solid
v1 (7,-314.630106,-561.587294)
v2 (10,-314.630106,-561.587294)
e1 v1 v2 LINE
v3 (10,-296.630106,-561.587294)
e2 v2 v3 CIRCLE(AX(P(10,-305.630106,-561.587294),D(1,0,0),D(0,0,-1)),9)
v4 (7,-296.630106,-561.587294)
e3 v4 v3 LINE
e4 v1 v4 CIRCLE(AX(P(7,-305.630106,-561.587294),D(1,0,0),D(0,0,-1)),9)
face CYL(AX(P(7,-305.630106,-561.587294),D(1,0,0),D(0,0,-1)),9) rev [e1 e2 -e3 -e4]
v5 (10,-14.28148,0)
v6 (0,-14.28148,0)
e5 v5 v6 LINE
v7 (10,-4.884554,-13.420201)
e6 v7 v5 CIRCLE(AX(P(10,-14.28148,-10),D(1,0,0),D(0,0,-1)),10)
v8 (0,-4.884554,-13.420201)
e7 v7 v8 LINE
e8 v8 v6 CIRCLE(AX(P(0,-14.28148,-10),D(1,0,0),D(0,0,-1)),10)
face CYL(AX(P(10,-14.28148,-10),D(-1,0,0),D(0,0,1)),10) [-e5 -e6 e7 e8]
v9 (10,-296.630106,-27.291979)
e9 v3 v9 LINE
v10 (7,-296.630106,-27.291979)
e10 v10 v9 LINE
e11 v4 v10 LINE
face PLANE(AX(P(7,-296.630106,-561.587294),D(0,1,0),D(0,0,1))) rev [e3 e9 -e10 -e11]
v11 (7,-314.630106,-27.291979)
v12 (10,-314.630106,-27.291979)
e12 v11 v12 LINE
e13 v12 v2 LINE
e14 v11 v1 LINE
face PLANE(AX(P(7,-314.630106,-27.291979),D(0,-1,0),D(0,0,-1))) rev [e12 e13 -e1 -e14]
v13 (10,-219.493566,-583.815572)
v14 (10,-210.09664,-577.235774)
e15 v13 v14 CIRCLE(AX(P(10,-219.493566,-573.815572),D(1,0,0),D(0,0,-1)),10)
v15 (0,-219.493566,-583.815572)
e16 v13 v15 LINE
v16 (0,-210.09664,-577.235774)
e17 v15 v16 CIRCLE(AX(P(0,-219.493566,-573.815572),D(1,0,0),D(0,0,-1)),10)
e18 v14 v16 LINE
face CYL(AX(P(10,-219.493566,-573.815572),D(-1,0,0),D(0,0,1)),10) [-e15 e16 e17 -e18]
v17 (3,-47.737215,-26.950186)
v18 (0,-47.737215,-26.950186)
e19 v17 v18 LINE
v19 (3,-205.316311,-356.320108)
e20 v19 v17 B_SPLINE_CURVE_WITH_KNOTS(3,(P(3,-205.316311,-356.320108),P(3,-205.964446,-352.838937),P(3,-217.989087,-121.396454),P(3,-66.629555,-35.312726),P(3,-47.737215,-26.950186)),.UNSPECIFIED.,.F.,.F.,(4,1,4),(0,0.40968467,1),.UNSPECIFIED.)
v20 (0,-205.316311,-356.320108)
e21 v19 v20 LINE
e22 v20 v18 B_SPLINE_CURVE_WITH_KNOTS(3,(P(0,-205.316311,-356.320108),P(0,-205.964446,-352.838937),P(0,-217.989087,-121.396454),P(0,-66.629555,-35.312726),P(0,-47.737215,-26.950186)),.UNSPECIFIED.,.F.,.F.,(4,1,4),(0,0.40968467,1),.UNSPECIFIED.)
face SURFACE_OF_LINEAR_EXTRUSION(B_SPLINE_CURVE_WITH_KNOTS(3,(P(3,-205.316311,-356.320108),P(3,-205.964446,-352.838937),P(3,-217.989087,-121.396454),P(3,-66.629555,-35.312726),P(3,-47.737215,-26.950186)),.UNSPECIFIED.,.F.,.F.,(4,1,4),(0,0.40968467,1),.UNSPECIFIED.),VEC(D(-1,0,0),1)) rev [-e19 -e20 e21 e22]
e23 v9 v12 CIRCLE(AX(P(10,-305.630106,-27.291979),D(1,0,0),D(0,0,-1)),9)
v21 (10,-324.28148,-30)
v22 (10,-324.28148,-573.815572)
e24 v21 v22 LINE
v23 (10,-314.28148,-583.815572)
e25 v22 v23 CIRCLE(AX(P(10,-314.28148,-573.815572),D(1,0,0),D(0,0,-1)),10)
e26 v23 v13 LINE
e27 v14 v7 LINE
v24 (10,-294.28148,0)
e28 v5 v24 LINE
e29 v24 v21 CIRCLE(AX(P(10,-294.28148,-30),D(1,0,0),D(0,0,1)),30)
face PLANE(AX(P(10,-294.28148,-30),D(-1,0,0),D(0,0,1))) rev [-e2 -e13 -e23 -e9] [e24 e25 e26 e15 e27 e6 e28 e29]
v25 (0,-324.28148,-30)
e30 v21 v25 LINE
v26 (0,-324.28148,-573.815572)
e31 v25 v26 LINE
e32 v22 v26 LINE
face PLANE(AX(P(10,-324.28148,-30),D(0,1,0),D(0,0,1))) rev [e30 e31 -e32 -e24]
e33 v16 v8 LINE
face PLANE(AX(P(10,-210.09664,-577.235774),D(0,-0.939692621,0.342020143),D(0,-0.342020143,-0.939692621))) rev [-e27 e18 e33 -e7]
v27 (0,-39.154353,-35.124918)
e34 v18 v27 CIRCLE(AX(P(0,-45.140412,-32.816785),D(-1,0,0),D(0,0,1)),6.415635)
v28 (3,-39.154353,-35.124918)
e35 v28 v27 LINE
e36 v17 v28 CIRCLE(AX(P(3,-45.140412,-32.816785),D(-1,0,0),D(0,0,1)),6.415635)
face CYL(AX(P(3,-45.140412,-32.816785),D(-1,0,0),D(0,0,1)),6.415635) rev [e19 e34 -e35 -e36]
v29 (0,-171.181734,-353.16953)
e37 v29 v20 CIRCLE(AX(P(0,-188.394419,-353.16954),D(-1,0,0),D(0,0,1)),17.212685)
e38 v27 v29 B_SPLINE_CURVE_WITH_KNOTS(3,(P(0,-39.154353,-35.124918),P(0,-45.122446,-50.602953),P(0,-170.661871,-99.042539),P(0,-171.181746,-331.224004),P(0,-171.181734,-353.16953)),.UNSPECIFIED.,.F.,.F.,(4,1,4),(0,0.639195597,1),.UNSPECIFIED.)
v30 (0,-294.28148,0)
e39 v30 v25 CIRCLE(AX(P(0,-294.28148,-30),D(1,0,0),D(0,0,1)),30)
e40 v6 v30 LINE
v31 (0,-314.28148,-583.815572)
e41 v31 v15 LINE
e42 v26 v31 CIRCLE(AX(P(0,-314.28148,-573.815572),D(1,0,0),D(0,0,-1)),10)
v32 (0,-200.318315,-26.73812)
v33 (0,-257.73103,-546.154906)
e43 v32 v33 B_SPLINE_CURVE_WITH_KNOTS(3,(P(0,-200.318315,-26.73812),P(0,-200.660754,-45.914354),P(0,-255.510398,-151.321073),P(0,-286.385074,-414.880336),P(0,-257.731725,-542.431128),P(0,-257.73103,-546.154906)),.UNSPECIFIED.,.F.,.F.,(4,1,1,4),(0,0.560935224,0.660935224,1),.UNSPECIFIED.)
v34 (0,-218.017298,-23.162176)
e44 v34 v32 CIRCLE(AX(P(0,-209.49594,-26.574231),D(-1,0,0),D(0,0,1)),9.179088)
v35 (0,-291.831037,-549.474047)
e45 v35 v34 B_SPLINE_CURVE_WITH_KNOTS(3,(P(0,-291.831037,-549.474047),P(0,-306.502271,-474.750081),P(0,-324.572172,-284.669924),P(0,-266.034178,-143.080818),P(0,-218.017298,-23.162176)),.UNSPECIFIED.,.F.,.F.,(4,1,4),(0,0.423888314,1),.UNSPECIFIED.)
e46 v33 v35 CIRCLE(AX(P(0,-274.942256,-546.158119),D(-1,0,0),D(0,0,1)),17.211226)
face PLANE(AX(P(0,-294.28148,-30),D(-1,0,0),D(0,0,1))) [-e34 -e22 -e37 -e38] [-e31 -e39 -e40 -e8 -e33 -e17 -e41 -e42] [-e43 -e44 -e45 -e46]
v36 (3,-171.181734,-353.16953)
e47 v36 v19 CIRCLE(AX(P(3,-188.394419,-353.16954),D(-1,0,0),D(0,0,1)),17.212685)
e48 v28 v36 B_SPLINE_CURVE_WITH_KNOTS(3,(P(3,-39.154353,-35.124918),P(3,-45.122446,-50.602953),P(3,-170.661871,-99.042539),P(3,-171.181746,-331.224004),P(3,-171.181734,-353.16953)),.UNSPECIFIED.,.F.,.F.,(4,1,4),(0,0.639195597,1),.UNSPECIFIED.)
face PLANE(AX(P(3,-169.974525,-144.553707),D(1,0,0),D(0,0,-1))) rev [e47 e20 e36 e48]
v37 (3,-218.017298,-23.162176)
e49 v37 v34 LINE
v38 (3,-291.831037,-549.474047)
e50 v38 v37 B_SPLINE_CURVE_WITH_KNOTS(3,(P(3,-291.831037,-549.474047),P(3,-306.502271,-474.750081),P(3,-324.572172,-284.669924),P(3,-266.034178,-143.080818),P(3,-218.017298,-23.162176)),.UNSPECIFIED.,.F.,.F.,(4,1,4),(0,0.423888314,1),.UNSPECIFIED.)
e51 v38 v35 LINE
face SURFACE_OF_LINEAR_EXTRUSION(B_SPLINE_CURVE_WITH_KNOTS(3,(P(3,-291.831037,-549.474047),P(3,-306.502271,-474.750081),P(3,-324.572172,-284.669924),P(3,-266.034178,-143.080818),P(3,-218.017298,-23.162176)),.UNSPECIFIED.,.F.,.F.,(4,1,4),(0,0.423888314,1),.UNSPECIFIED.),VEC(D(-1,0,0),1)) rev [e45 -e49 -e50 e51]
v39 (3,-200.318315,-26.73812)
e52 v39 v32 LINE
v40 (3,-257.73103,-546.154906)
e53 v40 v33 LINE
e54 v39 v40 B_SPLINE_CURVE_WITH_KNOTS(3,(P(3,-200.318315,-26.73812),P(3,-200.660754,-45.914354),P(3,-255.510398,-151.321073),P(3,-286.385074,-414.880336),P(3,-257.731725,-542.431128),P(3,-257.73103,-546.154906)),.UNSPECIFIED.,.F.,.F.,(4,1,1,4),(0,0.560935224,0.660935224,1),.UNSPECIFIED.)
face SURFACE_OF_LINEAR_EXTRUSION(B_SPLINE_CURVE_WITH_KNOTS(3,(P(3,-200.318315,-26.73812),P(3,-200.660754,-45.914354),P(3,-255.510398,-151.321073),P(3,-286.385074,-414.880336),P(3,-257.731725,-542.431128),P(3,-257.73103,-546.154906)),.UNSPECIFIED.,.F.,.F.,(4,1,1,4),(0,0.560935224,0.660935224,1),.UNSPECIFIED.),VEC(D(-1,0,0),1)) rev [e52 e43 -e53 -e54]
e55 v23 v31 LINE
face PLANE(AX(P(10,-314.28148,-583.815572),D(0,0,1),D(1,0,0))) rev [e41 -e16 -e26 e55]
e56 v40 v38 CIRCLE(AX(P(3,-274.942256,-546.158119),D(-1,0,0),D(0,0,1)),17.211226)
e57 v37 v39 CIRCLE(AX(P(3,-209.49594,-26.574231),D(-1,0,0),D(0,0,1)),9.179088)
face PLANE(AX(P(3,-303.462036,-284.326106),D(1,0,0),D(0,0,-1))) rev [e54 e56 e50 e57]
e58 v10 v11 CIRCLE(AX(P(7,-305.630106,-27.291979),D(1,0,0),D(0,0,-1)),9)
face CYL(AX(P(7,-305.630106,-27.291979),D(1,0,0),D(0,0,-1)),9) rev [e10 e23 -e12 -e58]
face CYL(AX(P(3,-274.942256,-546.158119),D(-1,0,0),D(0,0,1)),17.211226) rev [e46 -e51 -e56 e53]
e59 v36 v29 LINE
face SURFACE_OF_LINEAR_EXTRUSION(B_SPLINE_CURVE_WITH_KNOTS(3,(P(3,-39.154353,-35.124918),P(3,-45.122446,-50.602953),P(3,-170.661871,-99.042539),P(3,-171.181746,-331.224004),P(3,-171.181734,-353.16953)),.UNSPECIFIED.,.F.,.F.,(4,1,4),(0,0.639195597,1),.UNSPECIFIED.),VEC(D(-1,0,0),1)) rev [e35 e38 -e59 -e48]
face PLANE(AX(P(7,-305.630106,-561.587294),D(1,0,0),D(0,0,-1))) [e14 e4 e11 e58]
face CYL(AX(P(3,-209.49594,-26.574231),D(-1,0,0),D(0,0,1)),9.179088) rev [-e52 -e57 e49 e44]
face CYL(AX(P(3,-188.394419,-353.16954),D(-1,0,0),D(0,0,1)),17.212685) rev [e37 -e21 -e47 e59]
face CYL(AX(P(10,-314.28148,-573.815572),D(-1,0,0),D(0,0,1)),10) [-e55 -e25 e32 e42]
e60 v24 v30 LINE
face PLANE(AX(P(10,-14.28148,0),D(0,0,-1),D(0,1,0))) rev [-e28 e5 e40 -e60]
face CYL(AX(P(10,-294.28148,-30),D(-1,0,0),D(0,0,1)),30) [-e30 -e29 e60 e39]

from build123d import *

# Parameters (mm, degrees)
BOSS_EXTRUDE1_DEPTH = 10
CUT_EXTRUDE4_DEPTH  = 3
CUT_EXTRUDE5_DEPTH  = 3


with BuildPart() as part:
    # Sketch1 → Boss-Extrude1 (new body)
    with BuildSketch(Plane(origin=(0, 0, 0), x_dir=(0, 0, -1), z_dir=(1, 0, 0))):
        with BuildLine():
            Line((0, -14.281480067), (0, -294.281480067))
            ThreePointArc((0, -294.281480067), (8.786796564, -315.494683503), (30, -324.281480067))
            Line((30, -324.281480067), (573.815572472, -324.281480067))
            ThreePointArc((573.815572472, -324.281480067), (580.886640283, -321.352547879), (583.815572472, -314.281480067))
            Line((583.815572472, -314.281480067), (583.815572472, -219.493566063))
            ThreePointArc((583.815572472, -219.493566063), (582.007092914, -213.757801699), (577.235773905, -210.096639855))
            Line((577.235773905, -210.096639855), (13.420201433, -4.88455386))
            ThreePointArc((13.420201433, -4.88455386), (4.264235636, -6.089959625), (0, -14.281480067))
        make_face()
    extrude(amount=BOSS_EXTRUDE1_DEPTH)

    # Sketch3 → Cut-Extrude4 (cut)
    with BuildSketch(Plane.ZY):
        with BuildLine():
            ThreePointArc((-23.162175785, -218.017297737), (-17.576945532, -207.678107035), (-26.738120061, -200.318314743))
            add(Edge.make_bspline(
                [(-26.738120061, -200.318314743), (-45.914354434, -200.660753587), (-151.32107334, -255.510398156), (-414.880335601, -286.385074175), (-542.431128002, -257.731725159), (-546.154906269, -257.731029979)],
                knots=[0, 0, 0, 0, 0.560935224, 0.660935224, 1, 1, 1, 1], degree=3))
            ThreePointArc((-546.154906269, -257.731029979), (-563.288388976, -273.27487263), (-549.474047026, -291.831036849))
            add(Edge.make_bspline(
                [(-549.474047026, -291.831036849), (-474.750080899, -306.502271197), (-284.669923623, -324.572171749), (-143.080818041, -266.034178467), (-23.162175785, -218.017297737)],
                knots=[0, 0, 0, 0, 0.423888314, 1, 1, 1, 1], degree=3))
        make_face()
        with BuildLine():
            ThreePointArc((-26.950185671, -47.737214996), (-28.17113687, -40.715672082), (-35.124917897, -39.154353359))
            add(Edge.make_bspline(
                [(-35.124917897, -39.154353359), (-50.602952828, -45.122445935), (-99.042539, -170.661871263), (-331.224003862, -171.181746235), (-353.169530365, -171.181734297)],
                knots=[0, 0, 0, 0, 0.639195597, 1, 1, 1, 1], degree=3))
            ThreePointArc((-353.169530365, -171.181734297), (-370.309371751, -186.812434708), (-356.32010769, -205.316311305))
            add(Edge.make_bspline(
                [(-356.32010769, -205.316311305), (-352.838937223, -205.964445921), (-121.396454164, -217.989087479), (-35.312726243, -66.629555086), (-26.950185671, -47.737214996)],
                knots=[0, 0, 0, 0, 0.40968467, 1, 1, 1, 1], degree=3))
        make_face()
    extrude(amount=-CUT_EXTRUDE4_DEPTH, mode=Mode.SUBTRACT)

    # Sketch5 → Cut-Extrude5 (cut)
    with BuildSketch(Plane(origin=(10, 0, 0), x_dir=(0, 0, -1), z_dir=(1, 0, 0))):
        with BuildLine():
            Line((561.587294138, -296.630106089), (27.291979273, -296.630106089))
            ThreePointArc((27.291979273, -296.630106089), (18.291979273, -305.630106089), (27.291979273, -314.630106089))
            Line((27.291979273, -314.630106089), (561.587294138, -314.630106089))
            ThreePointArc((561.587294138, -314.630106089), (570.587294138, -305.630106089), (561.587294138, -296.630106089))
        make_face()
    extrude(amount=-CUT_EXTRUDE5_DEPTH, mode=Mode.SUBTRACT)


solid = part.part
